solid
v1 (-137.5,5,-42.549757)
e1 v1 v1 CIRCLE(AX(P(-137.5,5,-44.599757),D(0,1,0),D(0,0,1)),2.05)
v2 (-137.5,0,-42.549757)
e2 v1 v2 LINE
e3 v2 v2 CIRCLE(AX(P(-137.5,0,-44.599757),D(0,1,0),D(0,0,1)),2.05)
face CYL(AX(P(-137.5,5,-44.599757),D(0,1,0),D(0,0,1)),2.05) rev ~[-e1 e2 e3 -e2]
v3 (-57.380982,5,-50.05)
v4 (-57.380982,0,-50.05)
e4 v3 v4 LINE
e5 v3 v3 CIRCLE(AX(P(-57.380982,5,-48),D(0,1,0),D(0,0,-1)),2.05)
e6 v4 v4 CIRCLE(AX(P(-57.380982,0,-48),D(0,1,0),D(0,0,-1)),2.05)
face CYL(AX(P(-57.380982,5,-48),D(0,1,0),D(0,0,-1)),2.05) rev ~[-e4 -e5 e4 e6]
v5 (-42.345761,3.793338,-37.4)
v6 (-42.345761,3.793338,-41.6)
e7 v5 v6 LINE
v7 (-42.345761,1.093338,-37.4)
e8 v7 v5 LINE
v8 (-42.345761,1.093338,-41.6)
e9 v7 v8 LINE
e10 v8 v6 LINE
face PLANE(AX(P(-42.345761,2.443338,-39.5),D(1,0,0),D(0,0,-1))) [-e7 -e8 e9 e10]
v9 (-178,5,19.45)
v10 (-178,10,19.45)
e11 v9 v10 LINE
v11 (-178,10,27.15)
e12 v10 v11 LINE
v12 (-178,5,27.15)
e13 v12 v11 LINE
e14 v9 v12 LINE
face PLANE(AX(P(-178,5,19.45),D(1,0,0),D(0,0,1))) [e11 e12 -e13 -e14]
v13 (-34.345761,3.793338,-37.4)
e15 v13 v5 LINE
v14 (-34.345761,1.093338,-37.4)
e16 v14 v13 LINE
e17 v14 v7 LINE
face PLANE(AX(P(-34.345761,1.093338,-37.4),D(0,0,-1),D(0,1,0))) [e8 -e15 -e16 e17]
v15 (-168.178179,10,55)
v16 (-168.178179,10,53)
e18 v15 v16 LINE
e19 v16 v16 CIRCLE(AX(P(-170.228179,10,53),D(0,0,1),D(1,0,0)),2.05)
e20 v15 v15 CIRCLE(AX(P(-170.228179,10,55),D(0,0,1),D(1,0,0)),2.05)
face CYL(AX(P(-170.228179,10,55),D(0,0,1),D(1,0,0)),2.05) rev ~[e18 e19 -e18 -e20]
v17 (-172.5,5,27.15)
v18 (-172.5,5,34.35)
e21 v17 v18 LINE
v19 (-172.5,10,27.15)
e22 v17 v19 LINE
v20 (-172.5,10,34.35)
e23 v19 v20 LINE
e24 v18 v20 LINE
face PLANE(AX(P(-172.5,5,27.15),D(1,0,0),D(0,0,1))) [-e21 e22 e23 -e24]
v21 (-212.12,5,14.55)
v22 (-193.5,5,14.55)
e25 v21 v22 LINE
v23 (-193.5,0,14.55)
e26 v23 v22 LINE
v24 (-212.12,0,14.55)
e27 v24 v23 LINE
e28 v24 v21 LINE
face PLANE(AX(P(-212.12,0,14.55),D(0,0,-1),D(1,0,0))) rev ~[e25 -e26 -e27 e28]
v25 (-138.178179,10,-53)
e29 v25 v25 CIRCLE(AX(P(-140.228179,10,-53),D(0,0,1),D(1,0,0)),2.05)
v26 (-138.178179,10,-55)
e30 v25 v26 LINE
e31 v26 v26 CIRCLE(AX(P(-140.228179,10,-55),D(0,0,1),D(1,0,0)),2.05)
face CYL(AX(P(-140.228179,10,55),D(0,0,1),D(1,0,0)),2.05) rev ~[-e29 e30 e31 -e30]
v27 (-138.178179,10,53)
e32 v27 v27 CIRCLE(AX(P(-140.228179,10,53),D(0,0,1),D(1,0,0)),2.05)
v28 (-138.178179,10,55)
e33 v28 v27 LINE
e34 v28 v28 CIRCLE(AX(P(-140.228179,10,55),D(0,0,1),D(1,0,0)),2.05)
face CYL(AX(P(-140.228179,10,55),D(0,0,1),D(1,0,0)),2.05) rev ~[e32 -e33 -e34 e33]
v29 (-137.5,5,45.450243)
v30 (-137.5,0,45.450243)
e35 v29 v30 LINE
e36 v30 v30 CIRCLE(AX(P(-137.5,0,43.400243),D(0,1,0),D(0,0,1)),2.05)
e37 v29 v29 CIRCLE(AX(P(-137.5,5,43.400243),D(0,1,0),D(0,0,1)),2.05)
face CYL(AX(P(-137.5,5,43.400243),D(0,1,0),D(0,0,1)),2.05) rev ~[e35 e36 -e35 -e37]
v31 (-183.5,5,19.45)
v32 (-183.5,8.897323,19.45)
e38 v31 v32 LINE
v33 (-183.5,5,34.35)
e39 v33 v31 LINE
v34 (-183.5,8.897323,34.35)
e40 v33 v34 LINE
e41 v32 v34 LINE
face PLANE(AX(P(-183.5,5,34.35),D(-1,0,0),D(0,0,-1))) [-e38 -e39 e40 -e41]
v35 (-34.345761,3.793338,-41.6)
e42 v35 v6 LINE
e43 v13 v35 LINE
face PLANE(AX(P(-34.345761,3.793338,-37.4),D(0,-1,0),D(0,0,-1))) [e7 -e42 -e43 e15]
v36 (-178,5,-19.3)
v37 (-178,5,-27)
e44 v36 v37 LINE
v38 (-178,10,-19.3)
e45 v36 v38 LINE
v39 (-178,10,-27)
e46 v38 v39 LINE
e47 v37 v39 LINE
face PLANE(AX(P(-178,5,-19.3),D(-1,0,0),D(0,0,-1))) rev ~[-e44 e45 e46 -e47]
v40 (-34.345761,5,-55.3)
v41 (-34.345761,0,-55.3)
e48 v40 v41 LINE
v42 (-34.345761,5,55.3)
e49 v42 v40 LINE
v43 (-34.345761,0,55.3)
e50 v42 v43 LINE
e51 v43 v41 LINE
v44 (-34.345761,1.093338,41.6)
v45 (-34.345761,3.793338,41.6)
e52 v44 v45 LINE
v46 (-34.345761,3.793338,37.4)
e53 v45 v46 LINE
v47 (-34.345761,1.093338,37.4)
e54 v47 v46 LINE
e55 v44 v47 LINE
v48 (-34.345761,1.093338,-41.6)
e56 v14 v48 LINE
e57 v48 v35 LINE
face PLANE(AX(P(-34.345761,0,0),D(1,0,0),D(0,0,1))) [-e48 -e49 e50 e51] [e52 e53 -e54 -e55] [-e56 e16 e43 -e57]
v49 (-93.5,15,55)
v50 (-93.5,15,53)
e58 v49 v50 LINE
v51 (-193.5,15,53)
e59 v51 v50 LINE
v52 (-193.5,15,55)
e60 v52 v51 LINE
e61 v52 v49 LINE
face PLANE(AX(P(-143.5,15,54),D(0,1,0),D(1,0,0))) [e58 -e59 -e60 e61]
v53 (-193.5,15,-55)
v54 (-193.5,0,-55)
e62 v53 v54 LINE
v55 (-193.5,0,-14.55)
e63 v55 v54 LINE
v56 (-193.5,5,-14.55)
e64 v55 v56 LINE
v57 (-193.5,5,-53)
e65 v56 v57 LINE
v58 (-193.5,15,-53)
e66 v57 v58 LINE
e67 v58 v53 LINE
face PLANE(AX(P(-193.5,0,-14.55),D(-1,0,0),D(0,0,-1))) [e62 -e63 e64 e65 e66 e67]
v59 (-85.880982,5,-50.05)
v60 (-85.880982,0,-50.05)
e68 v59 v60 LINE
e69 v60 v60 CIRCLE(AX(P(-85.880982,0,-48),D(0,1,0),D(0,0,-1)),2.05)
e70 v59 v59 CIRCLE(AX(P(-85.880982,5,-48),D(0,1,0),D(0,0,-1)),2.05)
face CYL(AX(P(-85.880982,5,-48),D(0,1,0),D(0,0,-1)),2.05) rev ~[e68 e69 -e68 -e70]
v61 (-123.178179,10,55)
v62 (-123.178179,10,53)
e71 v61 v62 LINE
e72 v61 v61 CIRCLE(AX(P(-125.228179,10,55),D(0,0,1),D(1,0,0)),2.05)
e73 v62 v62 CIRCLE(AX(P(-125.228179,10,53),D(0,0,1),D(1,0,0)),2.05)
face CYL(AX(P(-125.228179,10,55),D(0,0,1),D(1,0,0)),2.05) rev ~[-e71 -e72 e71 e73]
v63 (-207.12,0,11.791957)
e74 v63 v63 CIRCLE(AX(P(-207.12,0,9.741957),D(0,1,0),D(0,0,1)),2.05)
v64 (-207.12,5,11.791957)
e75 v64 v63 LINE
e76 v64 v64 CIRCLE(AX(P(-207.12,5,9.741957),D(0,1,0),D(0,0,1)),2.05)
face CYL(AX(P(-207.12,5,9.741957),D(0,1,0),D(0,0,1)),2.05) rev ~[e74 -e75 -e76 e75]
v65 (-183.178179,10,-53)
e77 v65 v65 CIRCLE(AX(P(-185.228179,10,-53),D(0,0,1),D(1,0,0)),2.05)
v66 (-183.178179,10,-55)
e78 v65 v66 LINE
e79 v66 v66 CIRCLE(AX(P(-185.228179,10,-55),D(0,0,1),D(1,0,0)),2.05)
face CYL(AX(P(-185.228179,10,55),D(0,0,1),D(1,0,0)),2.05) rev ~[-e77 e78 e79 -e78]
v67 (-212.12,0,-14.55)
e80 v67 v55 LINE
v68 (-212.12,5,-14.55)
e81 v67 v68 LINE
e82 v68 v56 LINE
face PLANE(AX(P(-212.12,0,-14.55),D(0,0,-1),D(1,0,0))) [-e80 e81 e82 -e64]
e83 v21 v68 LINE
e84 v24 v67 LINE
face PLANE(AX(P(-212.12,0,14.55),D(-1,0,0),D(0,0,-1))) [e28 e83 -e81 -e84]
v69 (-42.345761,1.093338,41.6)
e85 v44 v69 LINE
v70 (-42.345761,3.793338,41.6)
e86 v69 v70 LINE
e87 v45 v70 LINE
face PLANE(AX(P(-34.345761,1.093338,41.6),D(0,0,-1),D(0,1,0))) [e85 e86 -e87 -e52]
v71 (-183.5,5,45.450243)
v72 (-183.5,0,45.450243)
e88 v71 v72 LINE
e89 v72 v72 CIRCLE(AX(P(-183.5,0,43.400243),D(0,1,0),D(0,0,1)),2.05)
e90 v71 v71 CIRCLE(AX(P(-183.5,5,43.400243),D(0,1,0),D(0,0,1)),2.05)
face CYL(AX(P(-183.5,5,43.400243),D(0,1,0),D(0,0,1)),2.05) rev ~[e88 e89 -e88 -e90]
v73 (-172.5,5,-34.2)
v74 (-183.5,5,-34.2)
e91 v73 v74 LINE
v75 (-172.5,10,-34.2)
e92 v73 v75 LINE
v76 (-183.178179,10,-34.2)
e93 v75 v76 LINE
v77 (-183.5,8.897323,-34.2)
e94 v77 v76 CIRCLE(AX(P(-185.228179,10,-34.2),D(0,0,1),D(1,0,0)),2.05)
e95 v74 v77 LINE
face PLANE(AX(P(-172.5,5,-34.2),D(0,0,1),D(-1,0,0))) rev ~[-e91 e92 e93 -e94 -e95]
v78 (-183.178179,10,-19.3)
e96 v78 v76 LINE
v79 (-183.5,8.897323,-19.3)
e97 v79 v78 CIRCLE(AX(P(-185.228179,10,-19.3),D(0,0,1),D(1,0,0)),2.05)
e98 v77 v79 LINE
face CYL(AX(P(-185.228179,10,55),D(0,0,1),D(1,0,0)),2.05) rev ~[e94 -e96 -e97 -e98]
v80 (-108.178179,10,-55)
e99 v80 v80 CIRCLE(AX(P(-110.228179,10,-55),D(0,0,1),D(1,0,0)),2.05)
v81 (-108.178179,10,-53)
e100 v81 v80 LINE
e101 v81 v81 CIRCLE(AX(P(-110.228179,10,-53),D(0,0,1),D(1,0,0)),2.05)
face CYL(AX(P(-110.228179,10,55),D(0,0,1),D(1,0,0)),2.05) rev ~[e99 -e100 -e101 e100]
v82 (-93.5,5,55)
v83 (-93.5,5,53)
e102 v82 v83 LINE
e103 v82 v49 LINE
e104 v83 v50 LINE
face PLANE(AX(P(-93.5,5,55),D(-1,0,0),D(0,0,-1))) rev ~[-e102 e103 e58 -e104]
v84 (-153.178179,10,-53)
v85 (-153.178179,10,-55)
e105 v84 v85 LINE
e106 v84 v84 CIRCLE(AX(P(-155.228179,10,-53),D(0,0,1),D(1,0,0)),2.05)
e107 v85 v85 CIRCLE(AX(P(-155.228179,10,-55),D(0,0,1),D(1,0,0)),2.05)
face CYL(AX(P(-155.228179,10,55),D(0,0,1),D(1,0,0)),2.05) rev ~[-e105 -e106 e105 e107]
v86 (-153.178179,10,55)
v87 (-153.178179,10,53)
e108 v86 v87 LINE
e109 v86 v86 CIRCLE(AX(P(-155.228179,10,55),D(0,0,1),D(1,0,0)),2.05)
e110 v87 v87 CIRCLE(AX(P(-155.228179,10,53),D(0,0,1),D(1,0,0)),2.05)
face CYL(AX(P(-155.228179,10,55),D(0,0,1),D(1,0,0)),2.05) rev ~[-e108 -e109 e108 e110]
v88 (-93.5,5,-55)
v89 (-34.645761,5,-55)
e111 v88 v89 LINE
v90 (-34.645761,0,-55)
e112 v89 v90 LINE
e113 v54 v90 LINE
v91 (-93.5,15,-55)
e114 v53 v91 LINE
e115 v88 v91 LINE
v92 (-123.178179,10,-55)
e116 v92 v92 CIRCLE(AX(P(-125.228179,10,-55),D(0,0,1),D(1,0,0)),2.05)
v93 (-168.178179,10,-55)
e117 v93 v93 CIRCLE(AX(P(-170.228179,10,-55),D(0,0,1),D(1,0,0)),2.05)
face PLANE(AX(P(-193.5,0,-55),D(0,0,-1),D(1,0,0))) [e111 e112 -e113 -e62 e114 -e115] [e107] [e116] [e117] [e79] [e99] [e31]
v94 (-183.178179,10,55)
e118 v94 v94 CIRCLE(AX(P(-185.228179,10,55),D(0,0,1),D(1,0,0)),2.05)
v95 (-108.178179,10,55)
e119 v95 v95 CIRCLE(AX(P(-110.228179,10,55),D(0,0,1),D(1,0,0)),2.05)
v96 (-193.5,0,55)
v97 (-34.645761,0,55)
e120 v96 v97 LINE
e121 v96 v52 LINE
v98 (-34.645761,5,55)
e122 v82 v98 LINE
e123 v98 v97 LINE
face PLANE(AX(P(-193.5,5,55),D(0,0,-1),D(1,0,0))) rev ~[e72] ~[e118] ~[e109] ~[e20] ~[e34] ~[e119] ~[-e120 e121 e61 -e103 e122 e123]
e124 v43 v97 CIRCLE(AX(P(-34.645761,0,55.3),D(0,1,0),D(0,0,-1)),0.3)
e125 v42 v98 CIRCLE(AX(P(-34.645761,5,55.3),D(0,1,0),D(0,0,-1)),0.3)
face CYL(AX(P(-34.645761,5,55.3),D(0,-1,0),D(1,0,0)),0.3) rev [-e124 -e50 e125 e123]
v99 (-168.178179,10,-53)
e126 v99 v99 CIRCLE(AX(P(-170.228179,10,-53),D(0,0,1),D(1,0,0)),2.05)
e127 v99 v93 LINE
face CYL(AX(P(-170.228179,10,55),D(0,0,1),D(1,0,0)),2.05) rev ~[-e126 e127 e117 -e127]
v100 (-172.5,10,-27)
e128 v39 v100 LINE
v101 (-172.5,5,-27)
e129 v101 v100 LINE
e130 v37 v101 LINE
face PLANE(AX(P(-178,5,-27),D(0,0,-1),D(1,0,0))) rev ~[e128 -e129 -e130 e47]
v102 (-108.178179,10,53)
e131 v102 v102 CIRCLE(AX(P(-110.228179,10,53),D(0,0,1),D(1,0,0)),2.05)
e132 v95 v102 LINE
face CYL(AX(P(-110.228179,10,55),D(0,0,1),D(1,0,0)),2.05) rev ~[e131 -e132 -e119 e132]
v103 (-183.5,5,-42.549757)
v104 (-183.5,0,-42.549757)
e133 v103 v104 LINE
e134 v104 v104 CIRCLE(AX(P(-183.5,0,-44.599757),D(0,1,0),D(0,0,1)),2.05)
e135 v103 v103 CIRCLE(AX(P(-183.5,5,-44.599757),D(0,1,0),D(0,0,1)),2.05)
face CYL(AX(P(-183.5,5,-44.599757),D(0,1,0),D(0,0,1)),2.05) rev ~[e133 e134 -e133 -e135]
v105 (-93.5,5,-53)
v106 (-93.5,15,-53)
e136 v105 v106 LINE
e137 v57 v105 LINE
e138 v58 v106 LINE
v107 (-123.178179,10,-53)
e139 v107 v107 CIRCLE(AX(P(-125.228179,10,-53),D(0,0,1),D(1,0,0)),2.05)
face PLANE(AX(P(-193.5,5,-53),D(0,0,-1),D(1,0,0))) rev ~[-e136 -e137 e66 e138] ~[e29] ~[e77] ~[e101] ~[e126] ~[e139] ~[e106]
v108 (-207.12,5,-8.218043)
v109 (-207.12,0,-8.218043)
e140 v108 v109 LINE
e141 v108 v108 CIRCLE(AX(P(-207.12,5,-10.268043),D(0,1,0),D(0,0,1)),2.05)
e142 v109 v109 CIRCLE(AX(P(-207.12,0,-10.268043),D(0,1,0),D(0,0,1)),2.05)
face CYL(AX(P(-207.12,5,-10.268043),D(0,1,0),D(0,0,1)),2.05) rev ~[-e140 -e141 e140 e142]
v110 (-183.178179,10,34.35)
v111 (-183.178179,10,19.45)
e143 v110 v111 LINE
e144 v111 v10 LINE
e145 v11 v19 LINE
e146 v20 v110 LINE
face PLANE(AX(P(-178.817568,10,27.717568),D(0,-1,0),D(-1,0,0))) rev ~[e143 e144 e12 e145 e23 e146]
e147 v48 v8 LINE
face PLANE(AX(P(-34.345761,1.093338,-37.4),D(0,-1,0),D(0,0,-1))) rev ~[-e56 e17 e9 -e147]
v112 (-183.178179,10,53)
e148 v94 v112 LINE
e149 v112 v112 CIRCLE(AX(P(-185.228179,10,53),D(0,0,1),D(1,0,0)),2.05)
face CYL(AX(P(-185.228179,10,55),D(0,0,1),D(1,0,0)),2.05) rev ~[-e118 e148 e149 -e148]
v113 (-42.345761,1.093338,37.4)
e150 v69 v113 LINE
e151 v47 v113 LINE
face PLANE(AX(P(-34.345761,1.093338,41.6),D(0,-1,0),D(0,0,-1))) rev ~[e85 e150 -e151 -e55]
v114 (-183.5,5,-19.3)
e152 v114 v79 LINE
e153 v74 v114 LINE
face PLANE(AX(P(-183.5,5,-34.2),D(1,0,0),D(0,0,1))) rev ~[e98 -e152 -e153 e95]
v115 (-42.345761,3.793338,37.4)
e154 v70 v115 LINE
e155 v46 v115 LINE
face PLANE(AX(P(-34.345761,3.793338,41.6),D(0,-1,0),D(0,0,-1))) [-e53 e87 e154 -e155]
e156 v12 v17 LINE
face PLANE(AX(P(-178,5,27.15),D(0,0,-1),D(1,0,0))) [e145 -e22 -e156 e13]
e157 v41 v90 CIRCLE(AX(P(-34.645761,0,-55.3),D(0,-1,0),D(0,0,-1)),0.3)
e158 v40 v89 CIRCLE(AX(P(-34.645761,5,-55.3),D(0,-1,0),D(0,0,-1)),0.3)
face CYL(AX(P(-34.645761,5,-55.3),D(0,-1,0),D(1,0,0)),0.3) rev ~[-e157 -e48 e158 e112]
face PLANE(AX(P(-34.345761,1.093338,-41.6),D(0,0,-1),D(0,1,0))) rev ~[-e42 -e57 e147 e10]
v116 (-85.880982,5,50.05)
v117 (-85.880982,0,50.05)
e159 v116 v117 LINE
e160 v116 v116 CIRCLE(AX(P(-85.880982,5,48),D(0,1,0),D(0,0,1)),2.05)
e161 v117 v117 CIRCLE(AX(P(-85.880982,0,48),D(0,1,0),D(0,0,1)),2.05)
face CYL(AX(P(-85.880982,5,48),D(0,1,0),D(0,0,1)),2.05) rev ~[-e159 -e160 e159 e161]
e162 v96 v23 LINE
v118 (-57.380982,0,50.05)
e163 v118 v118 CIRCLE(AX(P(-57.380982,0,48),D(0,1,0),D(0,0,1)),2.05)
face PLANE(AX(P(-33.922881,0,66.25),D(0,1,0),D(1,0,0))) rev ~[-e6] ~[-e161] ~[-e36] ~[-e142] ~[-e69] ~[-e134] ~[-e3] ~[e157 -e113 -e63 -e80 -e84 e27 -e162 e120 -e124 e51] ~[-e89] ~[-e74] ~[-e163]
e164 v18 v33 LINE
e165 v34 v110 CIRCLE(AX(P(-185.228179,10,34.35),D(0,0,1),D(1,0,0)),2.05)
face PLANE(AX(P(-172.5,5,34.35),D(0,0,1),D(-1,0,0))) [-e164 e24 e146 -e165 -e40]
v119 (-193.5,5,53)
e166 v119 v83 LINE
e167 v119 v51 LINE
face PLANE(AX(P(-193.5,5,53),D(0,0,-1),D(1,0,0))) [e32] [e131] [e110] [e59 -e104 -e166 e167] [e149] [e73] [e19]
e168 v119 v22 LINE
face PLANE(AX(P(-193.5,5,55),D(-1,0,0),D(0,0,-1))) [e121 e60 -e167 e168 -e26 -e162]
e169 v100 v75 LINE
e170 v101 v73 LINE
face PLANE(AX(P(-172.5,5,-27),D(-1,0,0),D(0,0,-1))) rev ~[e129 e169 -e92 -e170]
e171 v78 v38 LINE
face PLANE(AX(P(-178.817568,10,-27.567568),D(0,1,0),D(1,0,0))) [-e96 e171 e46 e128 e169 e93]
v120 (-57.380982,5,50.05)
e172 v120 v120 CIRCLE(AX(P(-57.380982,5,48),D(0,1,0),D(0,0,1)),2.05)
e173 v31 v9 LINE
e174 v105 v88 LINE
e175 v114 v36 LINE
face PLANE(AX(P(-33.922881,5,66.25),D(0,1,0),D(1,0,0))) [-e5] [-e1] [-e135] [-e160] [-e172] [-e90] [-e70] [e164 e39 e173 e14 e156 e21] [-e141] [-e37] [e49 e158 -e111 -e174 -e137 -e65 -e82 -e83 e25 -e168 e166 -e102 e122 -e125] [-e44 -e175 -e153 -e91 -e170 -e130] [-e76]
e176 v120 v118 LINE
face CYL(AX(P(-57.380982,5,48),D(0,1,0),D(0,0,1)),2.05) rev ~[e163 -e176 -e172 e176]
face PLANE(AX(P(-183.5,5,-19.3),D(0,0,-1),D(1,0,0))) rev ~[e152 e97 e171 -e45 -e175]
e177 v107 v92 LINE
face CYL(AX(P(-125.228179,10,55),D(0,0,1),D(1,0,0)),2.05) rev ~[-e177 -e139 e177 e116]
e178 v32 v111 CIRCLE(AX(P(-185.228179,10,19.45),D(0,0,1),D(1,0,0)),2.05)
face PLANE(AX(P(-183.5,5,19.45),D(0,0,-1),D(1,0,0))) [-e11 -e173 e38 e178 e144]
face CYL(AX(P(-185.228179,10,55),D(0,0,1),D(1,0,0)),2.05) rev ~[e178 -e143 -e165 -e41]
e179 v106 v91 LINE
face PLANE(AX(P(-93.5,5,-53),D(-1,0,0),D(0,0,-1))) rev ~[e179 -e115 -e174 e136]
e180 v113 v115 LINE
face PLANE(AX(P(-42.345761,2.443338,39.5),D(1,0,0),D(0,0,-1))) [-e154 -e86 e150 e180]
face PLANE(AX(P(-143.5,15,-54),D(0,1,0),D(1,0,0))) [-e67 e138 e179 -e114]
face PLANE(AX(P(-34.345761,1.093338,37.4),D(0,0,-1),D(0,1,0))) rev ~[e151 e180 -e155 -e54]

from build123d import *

# Parameters (mm, degrees)
SKETCH1_W           = 67
SKETCH1_H           = 155
SKETCH1_W_2         = 160
SKETCH1_H_2         = 110
SKETCH1_W_3         = 18.62
SKETCH1_H_3         = 29.1
BOSS_EXTRUDE1_DEPTH = 5
SKETCH4_W           = 100
SKETCH4_H           = 2
BOSS_EXTRUDE2_DEPTH = 10
SKETCH9_W           = 0.845761127
SKETCH9_H           = 22.5
BOSS_EXTRUDE4_DEPTH = 5
BOSS_EXTRUDE3_DEPTH = 5
SKETCH7_R           = 2.05
CUT_EXTRUDE2_DEPTH  = 10
SKETCH6_R           = 2.05
CUT_EXTRUDE1_DEPTH  = 227.055622359
SKETCH10_R          = 2.05
CUT_EXTRUDE4_DEPTH  = 10
FILLET1_R           = 0.3
SKETCH16_R          = 2.05
CUT_EXTRUDE5_DEPTH  = 251.551680098
SKETCH18_W          = 4
SKETCH18_H          = 2.5
BOSS_EXTRUDE7_DEPTH = 7
SKETCH20_W          = 4.2
SKETCH20_H          = 2.7
SKETCH20_W_2        = 4
SKETCH20_H_2        = 2.5
CUT_EXTRUDE7_DEPTH  = 8
SKETCH21_W          = 4
SKETCH21_H          = 2.5
CUT_EXTRUDE8_DEPTH  = 1


with BuildPart() as part:
    # Sketch1 → Boss-Extrude1 (new body)
    with BuildSketch(Plane(origin=(0, 0, 0), x_dir=(1, 0, 0), z_dir=(0, 1, 0))):
        Rectangle(SKETCH1_W, SKETCH1_H)
        with Locations((-113.5, 0)):
            Rectangle(SKETCH1_W_2, SKETCH1_H_2)
        with Locations((-202.81, 0)):
            Rectangle(SKETCH1_W_3, SKETCH1_H_3)
    extrude(amount=BOSS_EXTRUDE1_DEPTH)

    # Sketch4 → Boss-Extrude2 (add)
    with BuildSketch(Plane(origin=(0, 5, 0), x_dir=(1, 0, 0), z_dir=(0, 1, 0))):
        with Locations((-143.5, -54)):
            Rectangle(SKETCH4_W, SKETCH4_H)
        with Locations((-143.5, 54)):
            Rectangle(SKETCH4_W, SKETCH4_H)
    extrude(amount=BOSS_EXTRUDE2_DEPTH)

    # Sketch9 → Boss-Extrude4 (add)
    with BuildSketch(Plane(origin=(0, 5, 0), x_dir=(1, 0, 0), z_dir=(0, 1, 0))):
        with Locations((-33.922880564, -66.25)):
            Rectangle(SKETCH9_W, SKETCH9_H)
        with Locations((-33.922880564, 66.25)):
            Rectangle(SKETCH9_W, SKETCH9_H)
    extrude(amount=-BOSS_EXTRUDE4_DEPTH)

    # Sketch5 → Boss-Extrude3 (add)
    with BuildSketch(Plane(origin=(0, 5, 0), x_dir=(1, 0, 0), z_dir=(0, 1, 0))):
        Polygon((-178, 27), (-172.5, 27), (-172.5, 34.2), (-183.5, 34.2), (-183.5, 19.3), (-178, 19.3), align=None)
        Polygon((-178, -27.15), (-172.5, -27.15), (-172.5, -34.35), (-183.5, -34.35), (-183.5, -19.45), (-178, -19.45), align=None)
        Polygon((-13.85, 27), (-13.85, 19.3), (-8.35, 19.3), (-8.35, 34.2), (-19.35, 34.2), (-19.35, 27), align=None)
        Polygon((-19.35, -27.15), (-19.35, -34.35), (-8.35, -34.35), (-8.35, -19.45), (-13.85, -19.45), (-13.85, -27.15), align=None)
    extrude(amount=BOSS_EXTRUDE3_DEPTH)

    # Sketch7 → Cut-Extrude2 (cut)
    with BuildSketch(Plane(origin=(0, 5, 0), x_dir=(1, 0, 0), z_dir=(0, 1, 0))):
        with Locations(Location((-207.12, 10.268043156, 0), (0, 0, 270))):
            Circle(SKETCH7_R)
        with Locations(Location((-207.12, -9.741956844, 0), (0, 0, 270))):
            Circle(SKETCH7_R)
    extrude(amount=-CUT_EXTRUDE2_DEPTH, mode=Mode.SUBTRACT)

    # Sketch6 → Cut-Extrude1 (cut, through all)
    with BuildSketch(Plane(origin=(0, 5, 0), x_dir=(1, 0, 0), z_dir=(0, 1, 0))):
        with Locations(Location((-85.880982052, -48, 0), (0, 0, 270))):
            Circle(SKETCH6_R)
        with Locations(Location((-57.380982052, -48, 0), (0, 0, 270))):
            Circle(SKETCH6_R)
        with Locations(Location((-57.380982052, 48, 0), (0, 0, 90))):
            Circle(SKETCH6_R)
        with Locations(Location((-85.880982052, 48, 0), (0, 0, 90))):
            Circle(SKETCH6_R)
    extrude(amount=-CUT_EXTRUDE1_DEPTH, mode=Mode.SUBTRACT)

    # Sketch10 → Cut-Extrude4 (cut)
    with BuildSketch(Plane(origin=(0, 5, 0), x_dir=(1, 0, 0), z_dir=(0, 1, 0))):
        with Locations(Location((-183.5, 44.599757133, 0), (0, 0, 270))):
            Circle(SKETCH10_R)
        with Locations(Location((-137.5, 44.599757133, 0), (0, 0, 270))):
            Circle(SKETCH10_R)
        with Locations(Location((-183.5, -43.400242867, 0), (0, 0, 270))):
            Circle(SKETCH10_R)
        with Locations(Location((-137.5, -43.400242867, 0), (0, 0, 270))):
            Circle(SKETCH10_R)
    extrude(amount=-CUT_EXTRUDE4_DEPTH, mode=Mode.SUBTRACT)

    # Fillet1
    fillet1_edges = [part.edges().sort_by_distance(p)[0] for p in [
        (-34.345761127, 2.5, 55),
        (-34.345761127, 2.5, -55),
    ]]
    fillet(fillet1_edges, radius=FILLET1_R)

    # Sketch16 → Cut-Extrude5 (cut, through all)
    with BuildSketch(Plane.XY.offset(55)):
        with Locations((-140.228178999, 10)):
            Circle(SKETCH16_R)
        with Locations((-125.228178999, 10)):
            Circle(SKETCH16_R)
        with Locations((-110.228178999, 10)):
            Circle(SKETCH16_R)
        with Locations((-155.228178999, 10)):
            Circle(SKETCH16_R)
        with Locations((-170.228178999, 10)):
            Circle(SKETCH16_R)
        with Locations((-185.228178999, 10)):
            Circle(SKETCH16_R)
    extrude(amount=-CUT_EXTRUDE5_DEPTH, mode=Mode.SUBTRACT)


with BuildPart() as body_2:
    # Split1: the piece on the far side of the plane
    add(part.part)
    split(bisect_by=Plane(origin=(-34.345761127, 0, 0), x_dir=(0, 0, 1), z_dir=(1, 0, 0)), keep=Keep.BOTTOM)


with BuildPart() as part_1:
    add(part.part)

    # Split1
    split(bisect_by=Plane(origin=(-34.345761127, 0, 0), x_dir=(0, 0, 1), z_dir=(1, 0, 0)), keep=Keep.TOP)

    # Sketch18 → Boss-Extrude7 (add)
    with BuildSketch(Plane.ZY.offset(34.345761127)):
        with Locations((-39.5, 2.443337799)):
            Rectangle(SKETCH18_W, SKETCH18_H)
        with Locations((39.5, 2.443337799)):
            Rectangle(SKETCH18_W, SKETCH18_H)
    extrude(amount=BOSS_EXTRUDE7_DEPTH)


with BuildPart() as body_2_1:
    add(body_2.part)

    # Combine1: cut part
    add(part_1.part, mode=Mode.SUBTRACT)

    # Sketch20 → Cut-Extrude7 (cut)
    # profile 1 of 2: a face of its own
    with BuildSketch(Plane(origin=(-34.345761127, 0, 0), x_dir=(0, 0, -1), z_dir=(1, 0, 0))):
        with Locations((-39.5, 2.443337799)):
            Rectangle(SKETCH20_W, SKETCH20_H)
        with Locations((-39.5, 2.443337799)):
            Rectangle(SKETCH20_W_2, SKETCH20_H_2, mode=Mode.SUBTRACT)
    # profile 2 of 2: a face of its own
    with BuildSketch(Plane(origin=(-34.345761127, 0, 0), x_dir=(0, 0, -1), z_dir=(1, 0, 0))):
        with Locations((39.5, 2.443337799)):
            Rectangle(SKETCH20_W, SKETCH20_H)
        with Locations((39.5, 2.443337799)):
            Rectangle(SKETCH20_W_2, SKETCH20_H_2, mode=Mode.SUBTRACT)
    extrude(amount=-CUT_EXTRUDE7_DEPTH, mode=Mode.SUBTRACT)

    # Sketch21 → Cut-Extrude8 (cut)
    with BuildSketch(Plane(origin=(-41.345761127, 0, 0), x_dir=(0, 0, -1), z_dir=(1, 0, 0))):
        with Locations((39.5, 2.443337799)):
            Rectangle(SKETCH21_W, SKETCH21_H)
        with Locations((-39.5, 2.443337799)):
            Rectangle(SKETCH21_W, SKETCH21_H)
    extrude(amount=-CUT_EXTRUDE8_DEPTH, mode=Mode.SUBTRACT)


solid = body_2_1.part
